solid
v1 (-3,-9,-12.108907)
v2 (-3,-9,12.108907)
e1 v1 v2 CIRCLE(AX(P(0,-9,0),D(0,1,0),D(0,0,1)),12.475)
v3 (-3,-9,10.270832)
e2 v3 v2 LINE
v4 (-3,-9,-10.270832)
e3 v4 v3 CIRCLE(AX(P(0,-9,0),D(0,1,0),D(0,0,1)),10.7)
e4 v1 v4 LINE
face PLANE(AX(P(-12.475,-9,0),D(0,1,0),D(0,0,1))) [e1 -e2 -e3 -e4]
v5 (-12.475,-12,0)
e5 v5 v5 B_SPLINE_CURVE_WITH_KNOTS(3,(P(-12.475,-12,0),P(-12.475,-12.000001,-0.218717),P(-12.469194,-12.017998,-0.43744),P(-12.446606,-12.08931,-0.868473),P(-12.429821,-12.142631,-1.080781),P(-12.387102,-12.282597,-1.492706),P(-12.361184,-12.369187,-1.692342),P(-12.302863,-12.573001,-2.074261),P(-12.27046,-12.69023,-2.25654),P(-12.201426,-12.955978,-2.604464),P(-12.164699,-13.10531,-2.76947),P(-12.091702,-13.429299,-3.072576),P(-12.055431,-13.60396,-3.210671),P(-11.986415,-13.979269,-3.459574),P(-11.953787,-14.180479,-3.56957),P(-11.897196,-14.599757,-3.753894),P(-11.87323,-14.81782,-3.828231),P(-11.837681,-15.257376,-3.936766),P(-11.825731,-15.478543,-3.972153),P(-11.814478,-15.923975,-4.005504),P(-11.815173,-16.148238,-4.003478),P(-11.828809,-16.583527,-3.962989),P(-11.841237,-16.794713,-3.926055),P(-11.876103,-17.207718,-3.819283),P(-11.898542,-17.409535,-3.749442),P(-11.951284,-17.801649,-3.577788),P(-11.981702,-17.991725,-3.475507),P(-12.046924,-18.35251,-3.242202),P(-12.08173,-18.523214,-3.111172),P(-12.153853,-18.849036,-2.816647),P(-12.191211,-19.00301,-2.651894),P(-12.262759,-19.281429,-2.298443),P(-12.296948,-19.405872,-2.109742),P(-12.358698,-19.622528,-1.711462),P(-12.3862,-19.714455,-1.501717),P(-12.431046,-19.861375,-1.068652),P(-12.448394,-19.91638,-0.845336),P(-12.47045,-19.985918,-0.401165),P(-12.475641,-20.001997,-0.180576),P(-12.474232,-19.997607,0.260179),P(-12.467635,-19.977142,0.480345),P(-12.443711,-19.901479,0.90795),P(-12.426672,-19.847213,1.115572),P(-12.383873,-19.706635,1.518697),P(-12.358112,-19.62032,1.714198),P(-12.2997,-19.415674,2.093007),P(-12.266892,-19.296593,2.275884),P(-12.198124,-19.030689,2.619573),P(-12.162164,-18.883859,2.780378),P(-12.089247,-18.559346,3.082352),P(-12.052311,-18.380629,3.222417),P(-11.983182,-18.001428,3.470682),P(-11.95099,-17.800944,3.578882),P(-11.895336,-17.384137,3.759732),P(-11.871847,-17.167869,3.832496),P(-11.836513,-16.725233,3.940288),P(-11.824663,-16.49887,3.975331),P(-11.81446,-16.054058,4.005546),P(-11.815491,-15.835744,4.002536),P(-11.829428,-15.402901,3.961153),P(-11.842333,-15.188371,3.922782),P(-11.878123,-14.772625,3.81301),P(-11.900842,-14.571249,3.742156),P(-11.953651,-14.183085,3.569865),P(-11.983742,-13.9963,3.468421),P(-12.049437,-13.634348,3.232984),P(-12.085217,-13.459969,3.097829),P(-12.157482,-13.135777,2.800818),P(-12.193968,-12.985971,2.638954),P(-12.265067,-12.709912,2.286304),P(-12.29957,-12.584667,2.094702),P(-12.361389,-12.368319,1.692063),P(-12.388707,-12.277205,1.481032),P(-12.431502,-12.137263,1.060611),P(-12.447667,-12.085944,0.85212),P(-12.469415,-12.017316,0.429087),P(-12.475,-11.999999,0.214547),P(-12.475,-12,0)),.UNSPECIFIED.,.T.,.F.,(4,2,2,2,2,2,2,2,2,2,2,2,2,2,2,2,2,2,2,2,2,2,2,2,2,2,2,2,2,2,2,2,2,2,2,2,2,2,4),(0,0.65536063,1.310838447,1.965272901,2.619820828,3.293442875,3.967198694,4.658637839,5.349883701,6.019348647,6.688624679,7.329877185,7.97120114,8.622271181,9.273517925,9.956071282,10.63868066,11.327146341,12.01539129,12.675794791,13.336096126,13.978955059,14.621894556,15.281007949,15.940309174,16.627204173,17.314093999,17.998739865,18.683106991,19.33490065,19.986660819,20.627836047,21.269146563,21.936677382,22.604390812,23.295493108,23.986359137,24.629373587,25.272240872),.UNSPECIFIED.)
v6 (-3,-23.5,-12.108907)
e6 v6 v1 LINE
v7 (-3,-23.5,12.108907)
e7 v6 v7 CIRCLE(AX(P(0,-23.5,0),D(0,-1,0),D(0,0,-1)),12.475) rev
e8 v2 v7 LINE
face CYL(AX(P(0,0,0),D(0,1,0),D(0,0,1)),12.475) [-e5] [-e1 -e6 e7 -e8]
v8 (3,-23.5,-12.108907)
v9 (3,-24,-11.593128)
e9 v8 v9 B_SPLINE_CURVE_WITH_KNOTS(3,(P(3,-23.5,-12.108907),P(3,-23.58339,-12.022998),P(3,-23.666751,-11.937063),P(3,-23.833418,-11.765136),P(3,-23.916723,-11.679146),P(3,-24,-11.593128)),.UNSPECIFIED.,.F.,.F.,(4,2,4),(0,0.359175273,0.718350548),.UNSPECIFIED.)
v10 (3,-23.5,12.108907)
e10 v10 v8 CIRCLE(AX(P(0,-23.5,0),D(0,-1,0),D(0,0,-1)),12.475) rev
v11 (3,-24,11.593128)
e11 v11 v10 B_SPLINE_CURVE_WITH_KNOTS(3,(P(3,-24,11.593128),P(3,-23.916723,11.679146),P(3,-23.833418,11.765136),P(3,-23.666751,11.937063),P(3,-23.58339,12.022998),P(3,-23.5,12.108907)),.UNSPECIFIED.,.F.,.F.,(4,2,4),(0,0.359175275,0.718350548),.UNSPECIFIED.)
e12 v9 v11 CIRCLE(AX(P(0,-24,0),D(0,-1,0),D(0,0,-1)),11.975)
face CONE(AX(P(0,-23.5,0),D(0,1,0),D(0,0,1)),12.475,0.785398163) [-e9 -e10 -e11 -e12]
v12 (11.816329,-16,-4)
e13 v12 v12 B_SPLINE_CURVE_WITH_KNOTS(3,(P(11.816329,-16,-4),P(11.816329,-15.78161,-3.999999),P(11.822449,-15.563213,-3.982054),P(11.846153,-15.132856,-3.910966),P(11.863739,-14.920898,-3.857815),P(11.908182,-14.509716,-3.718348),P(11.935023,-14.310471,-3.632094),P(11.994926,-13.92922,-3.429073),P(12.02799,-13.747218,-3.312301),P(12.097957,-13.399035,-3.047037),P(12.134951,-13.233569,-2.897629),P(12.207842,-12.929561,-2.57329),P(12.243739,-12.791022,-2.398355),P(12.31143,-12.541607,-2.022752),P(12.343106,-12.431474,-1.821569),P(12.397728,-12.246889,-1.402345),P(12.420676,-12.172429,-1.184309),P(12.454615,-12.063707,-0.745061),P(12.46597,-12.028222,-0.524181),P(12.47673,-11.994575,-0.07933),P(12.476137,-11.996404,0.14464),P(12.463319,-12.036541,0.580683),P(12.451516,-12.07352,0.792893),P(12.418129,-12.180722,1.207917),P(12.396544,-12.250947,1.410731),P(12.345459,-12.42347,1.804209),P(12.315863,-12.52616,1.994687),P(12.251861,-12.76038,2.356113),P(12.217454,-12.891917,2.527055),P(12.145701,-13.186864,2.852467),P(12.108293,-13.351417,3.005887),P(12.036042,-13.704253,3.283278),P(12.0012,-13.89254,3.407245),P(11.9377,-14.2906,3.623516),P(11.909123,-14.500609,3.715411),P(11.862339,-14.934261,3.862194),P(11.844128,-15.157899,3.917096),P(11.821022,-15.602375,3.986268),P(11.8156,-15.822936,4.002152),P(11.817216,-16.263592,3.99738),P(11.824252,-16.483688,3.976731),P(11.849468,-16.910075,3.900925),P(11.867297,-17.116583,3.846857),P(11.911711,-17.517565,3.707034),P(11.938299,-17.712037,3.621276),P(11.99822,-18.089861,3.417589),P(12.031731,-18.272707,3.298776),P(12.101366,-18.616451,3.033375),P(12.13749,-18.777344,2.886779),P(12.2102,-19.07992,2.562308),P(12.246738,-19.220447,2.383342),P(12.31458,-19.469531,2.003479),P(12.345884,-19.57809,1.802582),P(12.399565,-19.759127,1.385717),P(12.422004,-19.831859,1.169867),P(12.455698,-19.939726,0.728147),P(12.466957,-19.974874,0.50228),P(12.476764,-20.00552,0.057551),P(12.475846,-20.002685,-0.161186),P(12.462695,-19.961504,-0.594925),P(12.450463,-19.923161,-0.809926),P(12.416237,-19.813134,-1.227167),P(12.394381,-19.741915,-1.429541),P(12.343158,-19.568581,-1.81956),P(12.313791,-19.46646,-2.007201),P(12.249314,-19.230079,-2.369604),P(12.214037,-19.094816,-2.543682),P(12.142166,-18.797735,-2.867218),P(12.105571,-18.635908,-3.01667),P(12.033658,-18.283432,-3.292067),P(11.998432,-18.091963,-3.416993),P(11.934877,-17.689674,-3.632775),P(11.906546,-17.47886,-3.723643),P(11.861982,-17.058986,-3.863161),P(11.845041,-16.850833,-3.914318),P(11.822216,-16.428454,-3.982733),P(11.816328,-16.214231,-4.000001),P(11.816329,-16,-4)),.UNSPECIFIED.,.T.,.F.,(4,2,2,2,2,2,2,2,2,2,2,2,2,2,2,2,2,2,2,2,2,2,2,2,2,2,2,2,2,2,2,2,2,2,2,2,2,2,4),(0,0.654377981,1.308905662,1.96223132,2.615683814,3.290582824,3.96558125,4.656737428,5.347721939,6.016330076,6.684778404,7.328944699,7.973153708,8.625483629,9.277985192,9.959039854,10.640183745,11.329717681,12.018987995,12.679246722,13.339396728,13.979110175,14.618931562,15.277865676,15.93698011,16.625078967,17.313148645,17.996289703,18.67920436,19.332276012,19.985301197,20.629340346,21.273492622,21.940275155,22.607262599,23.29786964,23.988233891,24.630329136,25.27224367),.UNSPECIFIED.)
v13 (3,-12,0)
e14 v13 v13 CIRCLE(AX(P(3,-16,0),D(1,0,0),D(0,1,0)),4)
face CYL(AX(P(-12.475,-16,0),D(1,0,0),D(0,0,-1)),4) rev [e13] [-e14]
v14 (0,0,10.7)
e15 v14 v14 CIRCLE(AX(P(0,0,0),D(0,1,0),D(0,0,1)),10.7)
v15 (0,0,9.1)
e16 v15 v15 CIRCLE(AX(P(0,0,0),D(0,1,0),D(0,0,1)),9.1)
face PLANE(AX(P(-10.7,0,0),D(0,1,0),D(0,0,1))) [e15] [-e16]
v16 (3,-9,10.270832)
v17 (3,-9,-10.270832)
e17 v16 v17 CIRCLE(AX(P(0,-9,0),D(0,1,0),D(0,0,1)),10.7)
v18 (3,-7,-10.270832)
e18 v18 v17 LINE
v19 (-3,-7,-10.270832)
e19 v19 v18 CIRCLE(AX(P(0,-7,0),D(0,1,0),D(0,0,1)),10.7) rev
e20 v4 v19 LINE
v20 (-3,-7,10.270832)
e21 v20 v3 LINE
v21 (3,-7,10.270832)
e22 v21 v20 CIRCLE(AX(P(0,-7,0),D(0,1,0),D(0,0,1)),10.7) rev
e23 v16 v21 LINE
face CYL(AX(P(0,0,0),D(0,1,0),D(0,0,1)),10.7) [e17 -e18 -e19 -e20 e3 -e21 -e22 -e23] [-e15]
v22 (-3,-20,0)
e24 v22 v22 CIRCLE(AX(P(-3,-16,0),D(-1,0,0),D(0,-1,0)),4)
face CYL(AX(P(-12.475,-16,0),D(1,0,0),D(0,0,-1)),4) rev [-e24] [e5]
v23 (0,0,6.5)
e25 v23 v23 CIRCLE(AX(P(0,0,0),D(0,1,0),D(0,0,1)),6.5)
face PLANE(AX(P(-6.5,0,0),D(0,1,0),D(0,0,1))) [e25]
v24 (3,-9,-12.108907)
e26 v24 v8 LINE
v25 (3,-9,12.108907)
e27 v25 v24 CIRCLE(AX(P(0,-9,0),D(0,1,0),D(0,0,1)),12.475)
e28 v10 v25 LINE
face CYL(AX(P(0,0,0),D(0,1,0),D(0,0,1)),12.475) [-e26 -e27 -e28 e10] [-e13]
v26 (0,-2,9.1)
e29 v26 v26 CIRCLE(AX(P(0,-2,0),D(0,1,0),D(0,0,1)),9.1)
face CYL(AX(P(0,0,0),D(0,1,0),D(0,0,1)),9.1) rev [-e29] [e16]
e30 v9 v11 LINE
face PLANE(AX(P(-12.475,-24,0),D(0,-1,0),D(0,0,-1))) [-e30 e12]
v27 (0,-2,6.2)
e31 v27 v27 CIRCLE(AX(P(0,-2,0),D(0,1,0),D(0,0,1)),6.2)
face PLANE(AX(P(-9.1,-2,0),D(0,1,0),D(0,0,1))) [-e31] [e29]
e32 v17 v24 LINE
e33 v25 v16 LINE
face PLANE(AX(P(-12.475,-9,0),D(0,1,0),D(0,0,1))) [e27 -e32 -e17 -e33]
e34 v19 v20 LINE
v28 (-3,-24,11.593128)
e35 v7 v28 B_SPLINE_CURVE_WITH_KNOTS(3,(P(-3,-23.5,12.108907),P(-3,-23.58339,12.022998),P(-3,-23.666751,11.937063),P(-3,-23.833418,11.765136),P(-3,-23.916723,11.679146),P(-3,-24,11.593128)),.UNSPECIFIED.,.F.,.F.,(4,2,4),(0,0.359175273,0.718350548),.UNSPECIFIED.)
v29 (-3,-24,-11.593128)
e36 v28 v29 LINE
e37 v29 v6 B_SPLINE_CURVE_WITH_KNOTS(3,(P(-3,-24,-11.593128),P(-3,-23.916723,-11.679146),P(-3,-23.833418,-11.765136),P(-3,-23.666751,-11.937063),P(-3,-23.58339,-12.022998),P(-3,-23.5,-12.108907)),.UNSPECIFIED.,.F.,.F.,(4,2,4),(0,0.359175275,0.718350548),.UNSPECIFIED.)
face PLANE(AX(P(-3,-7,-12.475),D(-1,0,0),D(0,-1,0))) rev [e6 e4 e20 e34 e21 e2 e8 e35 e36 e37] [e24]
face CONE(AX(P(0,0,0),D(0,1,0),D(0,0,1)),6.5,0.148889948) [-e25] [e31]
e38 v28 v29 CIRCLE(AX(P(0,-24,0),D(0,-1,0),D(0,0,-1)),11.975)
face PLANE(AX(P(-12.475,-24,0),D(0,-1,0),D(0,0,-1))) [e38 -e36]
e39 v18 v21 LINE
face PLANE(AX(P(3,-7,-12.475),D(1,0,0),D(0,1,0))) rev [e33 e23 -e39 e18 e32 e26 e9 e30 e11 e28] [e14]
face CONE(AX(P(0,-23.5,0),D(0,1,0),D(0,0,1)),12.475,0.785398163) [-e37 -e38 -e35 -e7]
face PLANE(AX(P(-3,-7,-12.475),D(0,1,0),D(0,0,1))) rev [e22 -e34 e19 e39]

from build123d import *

# Parameters (mm, degrees)
SKETCH2_W               = 6
SKETCH2_H               = 17
CUT_EXTRUDE1_DEPTH      = 13.475
CUT_EXTRUDE1_DEPTH_BACK = 13.475
SKETCH3_R               = 4
CUT_EXTRUDE2_DEPTH      = 13.475
CUT_EXTRUDE2_DEPTH_BACK = 13.475
CHAMFER1_SIZE           = 0.5


with BuildPart() as part:
    # Sketch1 → Revolve1 (revolve)
    with BuildSketch(Plane.XY, mode=Mode.PRIVATE) as revolve1_sk:
        Polygon((-9.1, 0), (-9.1, -2), (-6.2, -2), (-6.5, 0), (0, 0), (0, -24), (-12.475, -24), (-12.475, -9), (-10.7, -9), (-10.7, 0), align=None)
    revolve(revolve1_sk.sketch.rotate(Axis((0, 0, 0), (0, -1, 0)), 270), axis=Axis((0, 0, 0), (0, -1, 0)))  # turned: the seam where the file's is

    # Sketch2 → Cut-Extrude1 (cut, two sides)
    with BuildSketch(Plane.XY) as cut_extrude1_sk:
        with Locations((0, -15.5)):
            Rectangle(SKETCH2_W, SKETCH2_H)
    extrude(amount=CUT_EXTRUDE1_DEPTH, mode=Mode.SUBTRACT)
    extrude(cut_extrude1_sk.sketch, amount=-CUT_EXTRUDE1_DEPTH_BACK, mode=Mode.SUBTRACT)

    # Sketch3 → Cut-Extrude2 (cut, two sides)
    with BuildSketch(Plane(origin=(0, 0, 0), x_dir=(0, 0, -1), z_dir=(1, 0, 0))) as cut_extrude2_sk:
        with Locations((0, -16)):
            Circle(SKETCH3_R)
    extrude(amount=CUT_EXTRUDE2_DEPTH, mode=Mode.SUBTRACT)
    extrude(cut_extrude2_sk.sketch, amount=-CUT_EXTRUDE2_DEPTH_BACK, mode=Mode.SUBTRACT)

    # Chamfer1
    chamfer1_edges = [part.edges().sort_by_distance(p)[0] for p in [
        (12.475, -24, 0),
        (-12.475, -24, 0),
    ]]
    chamfer(chamfer1_edges, length=CHAMFER1_SIZE)


solid = part.part
